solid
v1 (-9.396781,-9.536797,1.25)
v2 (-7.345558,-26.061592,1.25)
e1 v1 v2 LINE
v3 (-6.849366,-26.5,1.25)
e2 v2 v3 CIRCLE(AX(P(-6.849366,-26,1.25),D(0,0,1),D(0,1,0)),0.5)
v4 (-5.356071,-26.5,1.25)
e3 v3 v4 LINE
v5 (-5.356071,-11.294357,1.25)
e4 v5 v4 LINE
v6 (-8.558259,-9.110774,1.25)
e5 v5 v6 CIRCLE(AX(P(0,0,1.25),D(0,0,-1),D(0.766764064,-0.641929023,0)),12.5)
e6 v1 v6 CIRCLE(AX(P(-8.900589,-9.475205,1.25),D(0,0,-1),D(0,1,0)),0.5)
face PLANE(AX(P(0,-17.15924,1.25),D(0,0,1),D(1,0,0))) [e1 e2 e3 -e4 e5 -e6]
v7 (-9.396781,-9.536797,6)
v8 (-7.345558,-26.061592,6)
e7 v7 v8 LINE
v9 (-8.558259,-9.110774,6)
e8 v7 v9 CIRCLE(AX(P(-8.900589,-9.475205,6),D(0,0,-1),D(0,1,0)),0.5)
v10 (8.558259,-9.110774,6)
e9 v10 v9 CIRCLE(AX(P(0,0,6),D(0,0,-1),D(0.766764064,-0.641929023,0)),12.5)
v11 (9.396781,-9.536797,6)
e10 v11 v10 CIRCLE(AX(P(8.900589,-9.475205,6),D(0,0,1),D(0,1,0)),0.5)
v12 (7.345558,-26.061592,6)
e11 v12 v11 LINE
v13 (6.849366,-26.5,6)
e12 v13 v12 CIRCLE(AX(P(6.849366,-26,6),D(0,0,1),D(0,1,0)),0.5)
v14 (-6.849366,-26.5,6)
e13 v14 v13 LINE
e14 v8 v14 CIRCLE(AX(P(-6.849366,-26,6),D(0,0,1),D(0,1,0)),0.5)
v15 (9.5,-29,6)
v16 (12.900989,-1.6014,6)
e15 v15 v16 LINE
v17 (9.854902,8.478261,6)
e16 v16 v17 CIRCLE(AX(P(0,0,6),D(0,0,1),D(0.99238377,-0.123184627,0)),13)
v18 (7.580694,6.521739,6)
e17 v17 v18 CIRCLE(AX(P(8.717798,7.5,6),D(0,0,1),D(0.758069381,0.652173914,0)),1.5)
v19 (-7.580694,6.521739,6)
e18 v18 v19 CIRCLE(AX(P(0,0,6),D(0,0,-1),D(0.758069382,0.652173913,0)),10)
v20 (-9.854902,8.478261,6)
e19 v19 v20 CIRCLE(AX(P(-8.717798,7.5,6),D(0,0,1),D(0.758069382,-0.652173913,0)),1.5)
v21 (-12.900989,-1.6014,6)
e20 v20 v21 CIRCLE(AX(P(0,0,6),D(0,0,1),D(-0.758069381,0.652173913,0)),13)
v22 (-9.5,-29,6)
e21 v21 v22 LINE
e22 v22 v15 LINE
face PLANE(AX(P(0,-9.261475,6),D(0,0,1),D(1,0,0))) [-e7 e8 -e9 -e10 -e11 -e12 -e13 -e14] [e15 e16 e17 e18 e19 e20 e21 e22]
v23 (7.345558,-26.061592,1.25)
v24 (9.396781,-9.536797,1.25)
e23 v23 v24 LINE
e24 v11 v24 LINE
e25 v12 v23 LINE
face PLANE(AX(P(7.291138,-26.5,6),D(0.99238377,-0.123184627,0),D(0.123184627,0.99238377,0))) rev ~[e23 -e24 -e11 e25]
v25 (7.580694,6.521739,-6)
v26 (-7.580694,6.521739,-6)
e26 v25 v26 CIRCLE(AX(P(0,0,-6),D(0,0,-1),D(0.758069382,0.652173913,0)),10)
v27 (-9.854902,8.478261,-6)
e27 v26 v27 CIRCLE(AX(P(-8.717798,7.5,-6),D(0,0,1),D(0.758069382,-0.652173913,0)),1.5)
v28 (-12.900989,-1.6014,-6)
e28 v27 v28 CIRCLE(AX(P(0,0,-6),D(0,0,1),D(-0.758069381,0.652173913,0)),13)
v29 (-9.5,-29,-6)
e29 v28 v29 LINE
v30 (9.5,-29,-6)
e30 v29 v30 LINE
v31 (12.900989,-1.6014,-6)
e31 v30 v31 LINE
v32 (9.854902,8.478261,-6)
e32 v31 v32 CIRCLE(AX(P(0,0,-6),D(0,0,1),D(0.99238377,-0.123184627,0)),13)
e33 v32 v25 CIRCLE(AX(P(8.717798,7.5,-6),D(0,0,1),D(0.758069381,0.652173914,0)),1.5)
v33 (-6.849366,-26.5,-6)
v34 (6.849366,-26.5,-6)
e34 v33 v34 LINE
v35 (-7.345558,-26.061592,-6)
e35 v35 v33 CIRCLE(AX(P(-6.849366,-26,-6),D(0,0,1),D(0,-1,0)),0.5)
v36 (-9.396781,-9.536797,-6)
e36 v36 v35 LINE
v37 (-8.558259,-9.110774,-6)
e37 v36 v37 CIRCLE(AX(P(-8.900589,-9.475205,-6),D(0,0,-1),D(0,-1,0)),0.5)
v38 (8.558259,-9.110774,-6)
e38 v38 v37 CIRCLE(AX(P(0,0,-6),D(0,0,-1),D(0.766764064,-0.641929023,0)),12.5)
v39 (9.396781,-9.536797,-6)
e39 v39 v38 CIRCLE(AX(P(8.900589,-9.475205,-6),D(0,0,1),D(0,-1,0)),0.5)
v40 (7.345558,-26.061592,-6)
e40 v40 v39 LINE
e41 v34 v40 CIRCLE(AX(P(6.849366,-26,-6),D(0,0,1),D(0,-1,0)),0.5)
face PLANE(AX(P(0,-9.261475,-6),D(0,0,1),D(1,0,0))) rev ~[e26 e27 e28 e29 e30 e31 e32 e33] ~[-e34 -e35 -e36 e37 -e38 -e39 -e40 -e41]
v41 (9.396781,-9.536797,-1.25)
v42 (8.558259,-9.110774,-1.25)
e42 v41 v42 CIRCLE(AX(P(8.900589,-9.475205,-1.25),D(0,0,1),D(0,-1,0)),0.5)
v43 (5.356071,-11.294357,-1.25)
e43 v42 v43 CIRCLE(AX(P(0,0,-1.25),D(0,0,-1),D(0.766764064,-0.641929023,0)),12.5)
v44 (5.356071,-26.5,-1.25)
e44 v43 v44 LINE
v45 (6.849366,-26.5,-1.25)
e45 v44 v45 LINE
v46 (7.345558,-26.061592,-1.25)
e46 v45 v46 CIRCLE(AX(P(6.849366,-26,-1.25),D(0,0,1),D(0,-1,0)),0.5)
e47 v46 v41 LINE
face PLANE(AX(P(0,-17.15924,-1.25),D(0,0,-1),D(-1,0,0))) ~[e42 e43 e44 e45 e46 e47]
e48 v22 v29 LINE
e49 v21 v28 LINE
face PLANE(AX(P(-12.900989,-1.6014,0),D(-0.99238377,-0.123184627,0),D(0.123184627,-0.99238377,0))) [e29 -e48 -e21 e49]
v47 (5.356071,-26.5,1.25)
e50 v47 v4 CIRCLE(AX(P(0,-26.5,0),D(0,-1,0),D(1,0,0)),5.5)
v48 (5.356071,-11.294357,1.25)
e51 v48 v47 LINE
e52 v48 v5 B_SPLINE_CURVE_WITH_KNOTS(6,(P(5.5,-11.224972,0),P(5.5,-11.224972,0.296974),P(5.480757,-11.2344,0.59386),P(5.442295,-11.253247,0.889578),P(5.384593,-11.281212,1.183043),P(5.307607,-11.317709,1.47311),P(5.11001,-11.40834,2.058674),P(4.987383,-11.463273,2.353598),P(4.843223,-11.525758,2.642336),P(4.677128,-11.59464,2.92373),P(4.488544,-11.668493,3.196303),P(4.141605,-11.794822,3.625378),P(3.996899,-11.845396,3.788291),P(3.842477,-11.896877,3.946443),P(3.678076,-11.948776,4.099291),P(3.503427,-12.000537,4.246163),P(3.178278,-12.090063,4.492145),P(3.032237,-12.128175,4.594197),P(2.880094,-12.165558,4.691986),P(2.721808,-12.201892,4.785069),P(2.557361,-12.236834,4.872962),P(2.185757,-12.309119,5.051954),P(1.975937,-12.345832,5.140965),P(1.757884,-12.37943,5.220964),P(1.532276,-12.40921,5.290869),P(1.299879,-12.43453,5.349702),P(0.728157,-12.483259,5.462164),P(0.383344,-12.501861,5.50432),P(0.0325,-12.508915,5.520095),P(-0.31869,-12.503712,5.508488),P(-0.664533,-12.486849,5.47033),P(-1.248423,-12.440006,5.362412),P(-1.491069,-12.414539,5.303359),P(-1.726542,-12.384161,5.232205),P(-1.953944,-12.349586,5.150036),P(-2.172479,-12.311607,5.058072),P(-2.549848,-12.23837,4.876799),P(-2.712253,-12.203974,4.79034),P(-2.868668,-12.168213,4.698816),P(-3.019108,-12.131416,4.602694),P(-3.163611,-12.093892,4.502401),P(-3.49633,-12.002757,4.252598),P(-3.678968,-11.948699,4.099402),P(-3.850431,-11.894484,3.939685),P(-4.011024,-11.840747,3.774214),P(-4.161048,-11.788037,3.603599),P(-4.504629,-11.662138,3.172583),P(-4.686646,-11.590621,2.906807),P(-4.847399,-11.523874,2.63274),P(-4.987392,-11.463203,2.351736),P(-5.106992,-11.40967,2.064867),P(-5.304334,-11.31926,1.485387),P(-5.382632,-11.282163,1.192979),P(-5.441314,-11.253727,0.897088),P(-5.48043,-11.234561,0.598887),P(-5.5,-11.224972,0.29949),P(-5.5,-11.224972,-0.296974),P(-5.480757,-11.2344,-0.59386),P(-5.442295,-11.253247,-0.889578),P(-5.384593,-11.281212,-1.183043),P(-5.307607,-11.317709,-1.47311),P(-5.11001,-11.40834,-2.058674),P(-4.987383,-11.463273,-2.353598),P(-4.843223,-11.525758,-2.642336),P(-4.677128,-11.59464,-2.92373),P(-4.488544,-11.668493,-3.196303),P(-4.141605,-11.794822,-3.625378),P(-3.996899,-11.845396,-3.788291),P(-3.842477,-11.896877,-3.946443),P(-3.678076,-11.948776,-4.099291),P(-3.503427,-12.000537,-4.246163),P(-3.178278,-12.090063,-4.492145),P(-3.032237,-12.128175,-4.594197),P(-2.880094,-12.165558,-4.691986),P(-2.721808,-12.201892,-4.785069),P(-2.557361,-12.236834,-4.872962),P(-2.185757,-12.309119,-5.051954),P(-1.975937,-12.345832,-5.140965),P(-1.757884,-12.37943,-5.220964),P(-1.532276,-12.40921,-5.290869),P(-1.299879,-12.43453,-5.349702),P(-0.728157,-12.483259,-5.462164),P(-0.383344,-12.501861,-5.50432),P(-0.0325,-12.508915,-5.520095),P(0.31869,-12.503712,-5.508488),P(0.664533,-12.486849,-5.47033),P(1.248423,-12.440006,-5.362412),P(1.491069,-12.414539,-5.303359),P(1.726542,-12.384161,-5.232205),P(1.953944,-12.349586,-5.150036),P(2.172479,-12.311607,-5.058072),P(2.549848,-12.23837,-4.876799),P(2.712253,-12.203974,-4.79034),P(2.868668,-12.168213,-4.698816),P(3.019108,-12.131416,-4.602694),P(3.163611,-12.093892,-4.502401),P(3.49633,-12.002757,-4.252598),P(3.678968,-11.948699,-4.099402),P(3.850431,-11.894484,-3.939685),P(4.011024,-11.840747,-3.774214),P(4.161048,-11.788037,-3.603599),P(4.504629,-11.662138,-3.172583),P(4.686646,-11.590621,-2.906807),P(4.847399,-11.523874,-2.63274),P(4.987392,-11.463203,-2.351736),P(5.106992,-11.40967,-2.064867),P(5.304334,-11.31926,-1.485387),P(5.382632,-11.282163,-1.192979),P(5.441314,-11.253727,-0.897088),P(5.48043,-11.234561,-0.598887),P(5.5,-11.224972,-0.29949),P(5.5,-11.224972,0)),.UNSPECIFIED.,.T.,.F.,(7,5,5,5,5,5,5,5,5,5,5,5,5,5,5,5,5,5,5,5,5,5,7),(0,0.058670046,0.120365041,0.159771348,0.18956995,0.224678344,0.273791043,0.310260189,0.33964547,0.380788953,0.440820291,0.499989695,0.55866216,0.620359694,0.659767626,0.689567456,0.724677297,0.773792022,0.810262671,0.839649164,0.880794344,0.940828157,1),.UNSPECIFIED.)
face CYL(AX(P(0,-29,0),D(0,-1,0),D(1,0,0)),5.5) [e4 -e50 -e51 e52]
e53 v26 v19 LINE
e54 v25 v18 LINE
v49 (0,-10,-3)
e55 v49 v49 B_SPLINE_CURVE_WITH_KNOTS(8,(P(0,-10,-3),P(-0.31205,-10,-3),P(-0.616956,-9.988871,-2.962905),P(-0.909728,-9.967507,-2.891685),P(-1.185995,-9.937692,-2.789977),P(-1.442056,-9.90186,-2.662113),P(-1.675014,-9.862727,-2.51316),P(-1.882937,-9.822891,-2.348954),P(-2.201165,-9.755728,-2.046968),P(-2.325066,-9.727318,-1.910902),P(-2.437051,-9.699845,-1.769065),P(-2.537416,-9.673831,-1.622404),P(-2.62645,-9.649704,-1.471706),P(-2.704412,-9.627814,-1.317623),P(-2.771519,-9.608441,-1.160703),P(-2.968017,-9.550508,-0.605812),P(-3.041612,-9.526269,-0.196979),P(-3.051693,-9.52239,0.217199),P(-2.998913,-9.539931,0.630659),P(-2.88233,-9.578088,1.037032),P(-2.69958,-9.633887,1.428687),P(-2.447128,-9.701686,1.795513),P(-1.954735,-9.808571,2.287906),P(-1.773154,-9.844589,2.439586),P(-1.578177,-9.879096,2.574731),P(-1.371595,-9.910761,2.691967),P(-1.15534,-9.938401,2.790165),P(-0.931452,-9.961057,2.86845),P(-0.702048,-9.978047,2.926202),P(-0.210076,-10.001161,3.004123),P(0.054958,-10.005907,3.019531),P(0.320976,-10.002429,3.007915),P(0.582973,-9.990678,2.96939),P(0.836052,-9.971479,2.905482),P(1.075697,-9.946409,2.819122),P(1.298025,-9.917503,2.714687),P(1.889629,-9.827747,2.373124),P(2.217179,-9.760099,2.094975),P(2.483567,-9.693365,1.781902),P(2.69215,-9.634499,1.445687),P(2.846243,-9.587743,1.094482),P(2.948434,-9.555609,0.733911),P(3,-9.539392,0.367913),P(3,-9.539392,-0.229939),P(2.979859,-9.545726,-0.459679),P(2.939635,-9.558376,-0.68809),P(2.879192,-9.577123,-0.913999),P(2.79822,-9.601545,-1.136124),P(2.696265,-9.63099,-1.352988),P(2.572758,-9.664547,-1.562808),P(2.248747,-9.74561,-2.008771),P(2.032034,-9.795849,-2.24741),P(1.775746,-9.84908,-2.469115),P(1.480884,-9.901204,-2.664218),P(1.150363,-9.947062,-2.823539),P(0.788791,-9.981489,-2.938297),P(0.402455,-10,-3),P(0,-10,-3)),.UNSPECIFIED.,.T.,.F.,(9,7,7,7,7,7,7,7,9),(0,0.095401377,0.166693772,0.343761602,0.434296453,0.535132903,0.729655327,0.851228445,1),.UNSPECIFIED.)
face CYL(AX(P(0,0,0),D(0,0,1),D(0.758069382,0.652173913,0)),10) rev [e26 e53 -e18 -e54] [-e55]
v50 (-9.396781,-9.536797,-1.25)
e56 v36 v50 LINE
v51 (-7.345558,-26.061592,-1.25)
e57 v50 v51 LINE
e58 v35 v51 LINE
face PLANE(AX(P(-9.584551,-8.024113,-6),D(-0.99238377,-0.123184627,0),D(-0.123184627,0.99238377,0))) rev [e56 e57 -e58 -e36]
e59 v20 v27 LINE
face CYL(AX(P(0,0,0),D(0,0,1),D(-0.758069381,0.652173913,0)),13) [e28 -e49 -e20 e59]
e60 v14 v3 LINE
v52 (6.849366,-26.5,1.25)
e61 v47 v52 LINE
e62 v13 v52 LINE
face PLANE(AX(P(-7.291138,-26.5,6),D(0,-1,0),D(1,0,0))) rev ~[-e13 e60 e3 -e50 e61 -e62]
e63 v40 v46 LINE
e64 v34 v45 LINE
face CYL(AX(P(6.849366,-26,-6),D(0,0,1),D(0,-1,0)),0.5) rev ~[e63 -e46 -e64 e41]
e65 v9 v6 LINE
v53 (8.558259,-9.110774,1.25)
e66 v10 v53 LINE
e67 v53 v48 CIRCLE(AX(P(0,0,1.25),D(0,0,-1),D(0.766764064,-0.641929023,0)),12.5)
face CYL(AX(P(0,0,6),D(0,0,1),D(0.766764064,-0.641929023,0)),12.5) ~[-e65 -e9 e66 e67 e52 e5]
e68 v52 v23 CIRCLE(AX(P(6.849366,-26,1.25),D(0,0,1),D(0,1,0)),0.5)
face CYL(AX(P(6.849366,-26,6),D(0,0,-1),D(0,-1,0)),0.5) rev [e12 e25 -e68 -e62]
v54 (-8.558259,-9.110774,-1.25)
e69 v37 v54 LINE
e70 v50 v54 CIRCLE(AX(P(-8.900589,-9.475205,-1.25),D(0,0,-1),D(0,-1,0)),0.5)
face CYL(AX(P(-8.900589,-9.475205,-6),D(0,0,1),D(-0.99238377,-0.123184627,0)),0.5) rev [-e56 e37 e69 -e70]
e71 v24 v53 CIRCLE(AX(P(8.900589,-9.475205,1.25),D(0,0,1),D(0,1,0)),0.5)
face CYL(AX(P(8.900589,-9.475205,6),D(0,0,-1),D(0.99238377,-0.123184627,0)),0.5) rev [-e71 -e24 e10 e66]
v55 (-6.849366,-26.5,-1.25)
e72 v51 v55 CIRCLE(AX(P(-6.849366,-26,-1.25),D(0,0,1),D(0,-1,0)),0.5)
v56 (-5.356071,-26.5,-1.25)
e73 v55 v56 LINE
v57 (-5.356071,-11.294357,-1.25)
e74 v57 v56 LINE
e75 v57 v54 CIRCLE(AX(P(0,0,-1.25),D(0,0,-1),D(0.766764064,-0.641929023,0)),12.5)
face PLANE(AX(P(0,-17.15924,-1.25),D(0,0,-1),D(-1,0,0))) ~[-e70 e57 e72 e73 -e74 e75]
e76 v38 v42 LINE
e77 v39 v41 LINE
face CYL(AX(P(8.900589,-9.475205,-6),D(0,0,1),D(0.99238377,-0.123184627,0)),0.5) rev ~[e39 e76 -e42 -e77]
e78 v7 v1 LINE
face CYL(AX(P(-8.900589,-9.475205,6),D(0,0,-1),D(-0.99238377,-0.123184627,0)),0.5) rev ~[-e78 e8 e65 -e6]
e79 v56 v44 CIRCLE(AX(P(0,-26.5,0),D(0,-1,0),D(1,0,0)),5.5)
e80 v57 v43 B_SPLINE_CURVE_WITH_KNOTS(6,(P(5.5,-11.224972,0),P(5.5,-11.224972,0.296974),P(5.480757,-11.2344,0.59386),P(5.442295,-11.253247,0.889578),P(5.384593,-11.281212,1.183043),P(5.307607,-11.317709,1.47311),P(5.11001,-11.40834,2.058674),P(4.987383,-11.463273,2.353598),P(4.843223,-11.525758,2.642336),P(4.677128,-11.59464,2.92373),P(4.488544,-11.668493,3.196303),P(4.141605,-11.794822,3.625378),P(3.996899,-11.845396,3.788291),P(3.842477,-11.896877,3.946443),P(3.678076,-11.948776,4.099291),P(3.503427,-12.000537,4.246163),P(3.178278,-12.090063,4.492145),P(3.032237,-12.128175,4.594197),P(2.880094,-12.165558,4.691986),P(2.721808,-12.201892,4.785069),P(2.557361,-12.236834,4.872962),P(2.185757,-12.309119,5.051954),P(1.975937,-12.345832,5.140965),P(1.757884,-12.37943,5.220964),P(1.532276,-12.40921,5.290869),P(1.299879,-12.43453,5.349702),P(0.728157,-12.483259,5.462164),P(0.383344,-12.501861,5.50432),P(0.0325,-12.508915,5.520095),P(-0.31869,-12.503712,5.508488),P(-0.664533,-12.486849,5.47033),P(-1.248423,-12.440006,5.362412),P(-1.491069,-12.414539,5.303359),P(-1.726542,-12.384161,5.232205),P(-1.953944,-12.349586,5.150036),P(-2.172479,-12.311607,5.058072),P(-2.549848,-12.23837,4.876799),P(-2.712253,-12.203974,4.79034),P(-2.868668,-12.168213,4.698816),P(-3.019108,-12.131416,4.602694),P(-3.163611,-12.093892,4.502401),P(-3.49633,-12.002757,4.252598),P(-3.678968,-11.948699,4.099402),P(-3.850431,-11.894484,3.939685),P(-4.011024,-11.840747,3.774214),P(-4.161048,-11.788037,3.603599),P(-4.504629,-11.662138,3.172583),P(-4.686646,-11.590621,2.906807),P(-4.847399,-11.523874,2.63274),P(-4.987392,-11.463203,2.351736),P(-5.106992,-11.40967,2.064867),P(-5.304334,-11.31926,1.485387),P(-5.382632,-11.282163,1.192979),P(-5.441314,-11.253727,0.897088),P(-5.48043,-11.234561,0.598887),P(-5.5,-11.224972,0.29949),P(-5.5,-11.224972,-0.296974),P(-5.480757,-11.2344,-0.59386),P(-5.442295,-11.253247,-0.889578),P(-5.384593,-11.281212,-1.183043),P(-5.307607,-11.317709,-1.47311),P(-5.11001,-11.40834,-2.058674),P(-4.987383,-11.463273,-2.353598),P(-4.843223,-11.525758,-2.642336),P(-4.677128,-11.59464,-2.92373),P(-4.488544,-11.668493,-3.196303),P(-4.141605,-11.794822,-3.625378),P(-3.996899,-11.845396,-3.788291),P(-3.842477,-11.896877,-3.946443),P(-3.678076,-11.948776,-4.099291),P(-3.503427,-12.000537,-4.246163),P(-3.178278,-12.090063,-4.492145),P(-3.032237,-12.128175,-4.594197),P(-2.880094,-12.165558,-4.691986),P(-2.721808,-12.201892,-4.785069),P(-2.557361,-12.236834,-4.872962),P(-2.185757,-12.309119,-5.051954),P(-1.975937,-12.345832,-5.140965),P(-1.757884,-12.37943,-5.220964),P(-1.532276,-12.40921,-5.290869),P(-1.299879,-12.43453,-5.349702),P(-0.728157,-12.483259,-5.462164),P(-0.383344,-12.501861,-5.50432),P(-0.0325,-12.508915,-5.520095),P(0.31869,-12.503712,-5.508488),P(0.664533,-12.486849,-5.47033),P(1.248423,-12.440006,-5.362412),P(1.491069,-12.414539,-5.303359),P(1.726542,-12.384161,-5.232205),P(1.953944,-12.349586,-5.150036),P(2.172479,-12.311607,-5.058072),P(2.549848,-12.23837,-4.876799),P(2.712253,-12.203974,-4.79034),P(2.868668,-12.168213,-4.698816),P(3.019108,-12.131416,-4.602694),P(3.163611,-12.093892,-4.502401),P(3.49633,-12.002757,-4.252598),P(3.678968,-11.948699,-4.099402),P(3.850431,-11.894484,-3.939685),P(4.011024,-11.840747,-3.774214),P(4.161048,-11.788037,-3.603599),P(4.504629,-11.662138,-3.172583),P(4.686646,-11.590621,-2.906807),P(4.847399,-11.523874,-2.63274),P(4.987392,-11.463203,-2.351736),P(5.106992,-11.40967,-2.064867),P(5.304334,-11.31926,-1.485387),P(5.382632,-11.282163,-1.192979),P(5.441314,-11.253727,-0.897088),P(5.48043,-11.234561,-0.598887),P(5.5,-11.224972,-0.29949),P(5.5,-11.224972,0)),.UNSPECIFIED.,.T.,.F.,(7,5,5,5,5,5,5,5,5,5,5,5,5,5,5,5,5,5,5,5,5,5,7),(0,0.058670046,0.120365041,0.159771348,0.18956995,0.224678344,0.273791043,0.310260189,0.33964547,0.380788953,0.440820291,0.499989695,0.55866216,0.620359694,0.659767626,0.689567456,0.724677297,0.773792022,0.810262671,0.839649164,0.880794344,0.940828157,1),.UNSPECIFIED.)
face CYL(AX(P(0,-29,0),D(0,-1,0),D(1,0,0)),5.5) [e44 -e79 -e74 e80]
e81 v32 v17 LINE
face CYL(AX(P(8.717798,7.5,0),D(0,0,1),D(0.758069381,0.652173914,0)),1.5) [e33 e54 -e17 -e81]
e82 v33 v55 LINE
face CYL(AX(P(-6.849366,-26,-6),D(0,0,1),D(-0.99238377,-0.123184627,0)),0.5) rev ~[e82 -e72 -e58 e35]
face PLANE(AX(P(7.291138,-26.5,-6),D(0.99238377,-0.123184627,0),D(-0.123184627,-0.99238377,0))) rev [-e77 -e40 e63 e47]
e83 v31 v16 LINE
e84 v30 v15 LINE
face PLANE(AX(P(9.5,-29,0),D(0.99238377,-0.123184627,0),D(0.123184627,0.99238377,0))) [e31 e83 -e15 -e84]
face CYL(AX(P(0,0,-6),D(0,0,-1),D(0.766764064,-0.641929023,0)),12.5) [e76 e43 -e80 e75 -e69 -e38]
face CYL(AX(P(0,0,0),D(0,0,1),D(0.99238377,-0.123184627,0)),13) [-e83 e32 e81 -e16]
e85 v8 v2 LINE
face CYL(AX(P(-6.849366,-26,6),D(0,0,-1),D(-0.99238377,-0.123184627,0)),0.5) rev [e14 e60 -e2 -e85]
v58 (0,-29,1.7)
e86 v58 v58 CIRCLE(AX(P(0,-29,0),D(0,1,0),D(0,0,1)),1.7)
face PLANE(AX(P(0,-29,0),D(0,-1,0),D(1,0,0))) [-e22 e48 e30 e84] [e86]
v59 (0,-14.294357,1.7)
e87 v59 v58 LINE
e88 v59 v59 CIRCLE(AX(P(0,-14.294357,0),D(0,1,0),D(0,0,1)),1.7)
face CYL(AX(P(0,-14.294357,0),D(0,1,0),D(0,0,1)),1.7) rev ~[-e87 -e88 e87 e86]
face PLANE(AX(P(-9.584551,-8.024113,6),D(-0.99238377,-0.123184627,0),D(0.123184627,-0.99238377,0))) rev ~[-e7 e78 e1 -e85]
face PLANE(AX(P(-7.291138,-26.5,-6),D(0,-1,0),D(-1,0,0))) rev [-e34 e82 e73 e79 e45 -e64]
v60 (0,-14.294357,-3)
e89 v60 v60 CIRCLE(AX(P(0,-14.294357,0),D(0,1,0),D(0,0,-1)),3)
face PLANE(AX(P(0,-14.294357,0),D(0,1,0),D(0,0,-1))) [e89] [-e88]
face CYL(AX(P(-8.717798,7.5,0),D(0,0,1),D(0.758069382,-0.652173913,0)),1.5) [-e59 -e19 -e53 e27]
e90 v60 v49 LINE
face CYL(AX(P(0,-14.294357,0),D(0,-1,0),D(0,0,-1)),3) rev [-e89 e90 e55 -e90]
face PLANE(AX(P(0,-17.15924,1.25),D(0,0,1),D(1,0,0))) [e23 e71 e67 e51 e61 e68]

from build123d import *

# Parameters (mm, degrees)
BOSS_EXTRUDE1_DEPTH      = 6
CUT_EXTRUDE1_DEPTH       = 4.75
BOSS_EXTRUDE2_REACH      = 42.608
BOSS_EXTRUDE2_END_RADIUS = 12.5
SKETCH5_R                = 5.5
FILLET1_R                = 0.5
CUT_EXTRUDE2_DEPTH       = 5
CUT_EXTRUDE2_DEPTH_BACK  = 3
SKETCH6_R                = 3
SKETCH7_R                = 1.7
CUT_EXTRUDE3_DEPTH       = 28.342769961


with BuildPart() as part:
    # Sketch1 → Boss-Extrude1 (new, symmetric)
    with BuildSketch(Plane.XY):
        with BuildLine():
            Line((-9.5, -29), (9.5, -29))
            Line((9.5, -29), (12.900989015, -1.60140015))
            ThreePointArc((12.900989015, -1.60140015), (12.444176754, 3.760646876), (9.854901959, 8.47826087))
            ThreePointArc((9.854901959, 8.47826087), (7.739537018, 8.637104072), (7.580693815, 6.52173913))
            ThreePointArc((7.580693815, 6.52173913), (0, -10), (-7.580693815, 6.52173913))
            ThreePointArc((-7.580693815, 6.52173913), (-7.739537018, 8.637104072), (-9.854901959, 8.47826087))
            ThreePointArc((-9.854901959, 8.47826087), (-12.444176754, 3.760646876), (-12.900989015, -1.60140015))
            Line((-12.900989015, -1.60140015), (-9.5, -29))
        make_face()
    extrude(amount=BOSS_EXTRUDE1_DEPTH, both=True)

    # Sketch2 → Cut-Extrude1 (cut)
    with BuildSketch(Plane.XY.offset(6)):
        with BuildLine():
            Line((-9.5845508, -8.024112783), (-7.29113837, -26.5))
            Line((-7.29113837, -26.5), (7.29113837, -26.5))
            Line((7.29113837, -26.5), (9.5845508, -8.024112783))
            ThreePointArc((9.5845508, -8.024112783), (0, -12.5), (-9.5845508, -8.024112783))
        make_face()
    cut_extrude1 = extrude(amount=-CUT_EXTRUDE1_DEPTH, mode=Mode.SUBTRACT)

    # Mirror1: Cut-Extrude1 across plane
    add(cut_extrude1.mirror(Plane.XY), mode=Mode.SUBTRACT)

    # Boss-Extrude2: up to this cylinder (the profile starts outside it)
    boss_extrude2_end = Plane(origin=(0, 0, 0), z_dir=(0, 0, 1)) * Cylinder(BOSS_EXTRUDE2_END_RADIUS, 111.216, mode=Mode.PRIVATE)
    # Sketch5 → Boss-Extrude2 (add, up to the surface)
    with BuildSketch(Plane.XZ.offset(29), mode=Mode.PRIVATE) as boss_extrude2_sk1:
        Circle(SKETCH5_R)
    boss_extrude2_tool1 = extrude(boss_extrude2_sk1.sketch, amount=-BOSS_EXTRUDE2_REACH, mode=Mode.PRIVATE) - boss_extrude2_end
    add(boss_extrude2_tool1.solids().sort_by_distance((0, -29, 0))[0])

    # Fillet1
    fillet1_edges = [part.edges().sort_by_distance(p)[0] for p in [
        (-9.5845508, -8.024112783, 3.625),
        (9.5845508, -8.024112783, 3.625),
        (7.29113837, -26.5, 3.625),
        (-7.29113837, -26.5, 3.625),
        (9.5845508, -8.024112783, -3.625),
        (-9.5845508, -8.024112783, -3.625),
        (-7.29113837, -26.5, -3.625),
        (7.29113837, -26.5, -3.625),
    ]]
    fillet(fillet1_edges, radius=FILLET1_R)

    # Sketch6 → Cut-Extrude2 (cut, two sides: drawn at the far end of the back side and taken through both)
    with BuildSketch(Plane(origin=(0, -11.294356998, 0), x_dir=(1, 0, 0), z_dir=(0, 1, 0)).offset(-CUT_EXTRUDE2_DEPTH_BACK)):
        with Locations(Location((0, 0, 0), (0, 0, 90))):
            Circle(SKETCH6_R)
    extrude(amount=CUT_EXTRUDE2_DEPTH + CUT_EXTRUDE2_DEPTH_BACK, mode=Mode.SUBTRACT)

    # Sketch7 → Cut-Extrude3 (cut, through all)
    with BuildSketch(Plane(origin=(0, -14.294356998, 0), x_dir=(1, 0, 0), z_dir=(0, 1, 0))):
        with Locations(Location((0, 0, 0), (0, 0, 270))):
            Circle(SKETCH7_R)
    extrude(amount=-CUT_EXTRUDE3_DEPTH, mode=Mode.SUBTRACT)


solid = part.part
